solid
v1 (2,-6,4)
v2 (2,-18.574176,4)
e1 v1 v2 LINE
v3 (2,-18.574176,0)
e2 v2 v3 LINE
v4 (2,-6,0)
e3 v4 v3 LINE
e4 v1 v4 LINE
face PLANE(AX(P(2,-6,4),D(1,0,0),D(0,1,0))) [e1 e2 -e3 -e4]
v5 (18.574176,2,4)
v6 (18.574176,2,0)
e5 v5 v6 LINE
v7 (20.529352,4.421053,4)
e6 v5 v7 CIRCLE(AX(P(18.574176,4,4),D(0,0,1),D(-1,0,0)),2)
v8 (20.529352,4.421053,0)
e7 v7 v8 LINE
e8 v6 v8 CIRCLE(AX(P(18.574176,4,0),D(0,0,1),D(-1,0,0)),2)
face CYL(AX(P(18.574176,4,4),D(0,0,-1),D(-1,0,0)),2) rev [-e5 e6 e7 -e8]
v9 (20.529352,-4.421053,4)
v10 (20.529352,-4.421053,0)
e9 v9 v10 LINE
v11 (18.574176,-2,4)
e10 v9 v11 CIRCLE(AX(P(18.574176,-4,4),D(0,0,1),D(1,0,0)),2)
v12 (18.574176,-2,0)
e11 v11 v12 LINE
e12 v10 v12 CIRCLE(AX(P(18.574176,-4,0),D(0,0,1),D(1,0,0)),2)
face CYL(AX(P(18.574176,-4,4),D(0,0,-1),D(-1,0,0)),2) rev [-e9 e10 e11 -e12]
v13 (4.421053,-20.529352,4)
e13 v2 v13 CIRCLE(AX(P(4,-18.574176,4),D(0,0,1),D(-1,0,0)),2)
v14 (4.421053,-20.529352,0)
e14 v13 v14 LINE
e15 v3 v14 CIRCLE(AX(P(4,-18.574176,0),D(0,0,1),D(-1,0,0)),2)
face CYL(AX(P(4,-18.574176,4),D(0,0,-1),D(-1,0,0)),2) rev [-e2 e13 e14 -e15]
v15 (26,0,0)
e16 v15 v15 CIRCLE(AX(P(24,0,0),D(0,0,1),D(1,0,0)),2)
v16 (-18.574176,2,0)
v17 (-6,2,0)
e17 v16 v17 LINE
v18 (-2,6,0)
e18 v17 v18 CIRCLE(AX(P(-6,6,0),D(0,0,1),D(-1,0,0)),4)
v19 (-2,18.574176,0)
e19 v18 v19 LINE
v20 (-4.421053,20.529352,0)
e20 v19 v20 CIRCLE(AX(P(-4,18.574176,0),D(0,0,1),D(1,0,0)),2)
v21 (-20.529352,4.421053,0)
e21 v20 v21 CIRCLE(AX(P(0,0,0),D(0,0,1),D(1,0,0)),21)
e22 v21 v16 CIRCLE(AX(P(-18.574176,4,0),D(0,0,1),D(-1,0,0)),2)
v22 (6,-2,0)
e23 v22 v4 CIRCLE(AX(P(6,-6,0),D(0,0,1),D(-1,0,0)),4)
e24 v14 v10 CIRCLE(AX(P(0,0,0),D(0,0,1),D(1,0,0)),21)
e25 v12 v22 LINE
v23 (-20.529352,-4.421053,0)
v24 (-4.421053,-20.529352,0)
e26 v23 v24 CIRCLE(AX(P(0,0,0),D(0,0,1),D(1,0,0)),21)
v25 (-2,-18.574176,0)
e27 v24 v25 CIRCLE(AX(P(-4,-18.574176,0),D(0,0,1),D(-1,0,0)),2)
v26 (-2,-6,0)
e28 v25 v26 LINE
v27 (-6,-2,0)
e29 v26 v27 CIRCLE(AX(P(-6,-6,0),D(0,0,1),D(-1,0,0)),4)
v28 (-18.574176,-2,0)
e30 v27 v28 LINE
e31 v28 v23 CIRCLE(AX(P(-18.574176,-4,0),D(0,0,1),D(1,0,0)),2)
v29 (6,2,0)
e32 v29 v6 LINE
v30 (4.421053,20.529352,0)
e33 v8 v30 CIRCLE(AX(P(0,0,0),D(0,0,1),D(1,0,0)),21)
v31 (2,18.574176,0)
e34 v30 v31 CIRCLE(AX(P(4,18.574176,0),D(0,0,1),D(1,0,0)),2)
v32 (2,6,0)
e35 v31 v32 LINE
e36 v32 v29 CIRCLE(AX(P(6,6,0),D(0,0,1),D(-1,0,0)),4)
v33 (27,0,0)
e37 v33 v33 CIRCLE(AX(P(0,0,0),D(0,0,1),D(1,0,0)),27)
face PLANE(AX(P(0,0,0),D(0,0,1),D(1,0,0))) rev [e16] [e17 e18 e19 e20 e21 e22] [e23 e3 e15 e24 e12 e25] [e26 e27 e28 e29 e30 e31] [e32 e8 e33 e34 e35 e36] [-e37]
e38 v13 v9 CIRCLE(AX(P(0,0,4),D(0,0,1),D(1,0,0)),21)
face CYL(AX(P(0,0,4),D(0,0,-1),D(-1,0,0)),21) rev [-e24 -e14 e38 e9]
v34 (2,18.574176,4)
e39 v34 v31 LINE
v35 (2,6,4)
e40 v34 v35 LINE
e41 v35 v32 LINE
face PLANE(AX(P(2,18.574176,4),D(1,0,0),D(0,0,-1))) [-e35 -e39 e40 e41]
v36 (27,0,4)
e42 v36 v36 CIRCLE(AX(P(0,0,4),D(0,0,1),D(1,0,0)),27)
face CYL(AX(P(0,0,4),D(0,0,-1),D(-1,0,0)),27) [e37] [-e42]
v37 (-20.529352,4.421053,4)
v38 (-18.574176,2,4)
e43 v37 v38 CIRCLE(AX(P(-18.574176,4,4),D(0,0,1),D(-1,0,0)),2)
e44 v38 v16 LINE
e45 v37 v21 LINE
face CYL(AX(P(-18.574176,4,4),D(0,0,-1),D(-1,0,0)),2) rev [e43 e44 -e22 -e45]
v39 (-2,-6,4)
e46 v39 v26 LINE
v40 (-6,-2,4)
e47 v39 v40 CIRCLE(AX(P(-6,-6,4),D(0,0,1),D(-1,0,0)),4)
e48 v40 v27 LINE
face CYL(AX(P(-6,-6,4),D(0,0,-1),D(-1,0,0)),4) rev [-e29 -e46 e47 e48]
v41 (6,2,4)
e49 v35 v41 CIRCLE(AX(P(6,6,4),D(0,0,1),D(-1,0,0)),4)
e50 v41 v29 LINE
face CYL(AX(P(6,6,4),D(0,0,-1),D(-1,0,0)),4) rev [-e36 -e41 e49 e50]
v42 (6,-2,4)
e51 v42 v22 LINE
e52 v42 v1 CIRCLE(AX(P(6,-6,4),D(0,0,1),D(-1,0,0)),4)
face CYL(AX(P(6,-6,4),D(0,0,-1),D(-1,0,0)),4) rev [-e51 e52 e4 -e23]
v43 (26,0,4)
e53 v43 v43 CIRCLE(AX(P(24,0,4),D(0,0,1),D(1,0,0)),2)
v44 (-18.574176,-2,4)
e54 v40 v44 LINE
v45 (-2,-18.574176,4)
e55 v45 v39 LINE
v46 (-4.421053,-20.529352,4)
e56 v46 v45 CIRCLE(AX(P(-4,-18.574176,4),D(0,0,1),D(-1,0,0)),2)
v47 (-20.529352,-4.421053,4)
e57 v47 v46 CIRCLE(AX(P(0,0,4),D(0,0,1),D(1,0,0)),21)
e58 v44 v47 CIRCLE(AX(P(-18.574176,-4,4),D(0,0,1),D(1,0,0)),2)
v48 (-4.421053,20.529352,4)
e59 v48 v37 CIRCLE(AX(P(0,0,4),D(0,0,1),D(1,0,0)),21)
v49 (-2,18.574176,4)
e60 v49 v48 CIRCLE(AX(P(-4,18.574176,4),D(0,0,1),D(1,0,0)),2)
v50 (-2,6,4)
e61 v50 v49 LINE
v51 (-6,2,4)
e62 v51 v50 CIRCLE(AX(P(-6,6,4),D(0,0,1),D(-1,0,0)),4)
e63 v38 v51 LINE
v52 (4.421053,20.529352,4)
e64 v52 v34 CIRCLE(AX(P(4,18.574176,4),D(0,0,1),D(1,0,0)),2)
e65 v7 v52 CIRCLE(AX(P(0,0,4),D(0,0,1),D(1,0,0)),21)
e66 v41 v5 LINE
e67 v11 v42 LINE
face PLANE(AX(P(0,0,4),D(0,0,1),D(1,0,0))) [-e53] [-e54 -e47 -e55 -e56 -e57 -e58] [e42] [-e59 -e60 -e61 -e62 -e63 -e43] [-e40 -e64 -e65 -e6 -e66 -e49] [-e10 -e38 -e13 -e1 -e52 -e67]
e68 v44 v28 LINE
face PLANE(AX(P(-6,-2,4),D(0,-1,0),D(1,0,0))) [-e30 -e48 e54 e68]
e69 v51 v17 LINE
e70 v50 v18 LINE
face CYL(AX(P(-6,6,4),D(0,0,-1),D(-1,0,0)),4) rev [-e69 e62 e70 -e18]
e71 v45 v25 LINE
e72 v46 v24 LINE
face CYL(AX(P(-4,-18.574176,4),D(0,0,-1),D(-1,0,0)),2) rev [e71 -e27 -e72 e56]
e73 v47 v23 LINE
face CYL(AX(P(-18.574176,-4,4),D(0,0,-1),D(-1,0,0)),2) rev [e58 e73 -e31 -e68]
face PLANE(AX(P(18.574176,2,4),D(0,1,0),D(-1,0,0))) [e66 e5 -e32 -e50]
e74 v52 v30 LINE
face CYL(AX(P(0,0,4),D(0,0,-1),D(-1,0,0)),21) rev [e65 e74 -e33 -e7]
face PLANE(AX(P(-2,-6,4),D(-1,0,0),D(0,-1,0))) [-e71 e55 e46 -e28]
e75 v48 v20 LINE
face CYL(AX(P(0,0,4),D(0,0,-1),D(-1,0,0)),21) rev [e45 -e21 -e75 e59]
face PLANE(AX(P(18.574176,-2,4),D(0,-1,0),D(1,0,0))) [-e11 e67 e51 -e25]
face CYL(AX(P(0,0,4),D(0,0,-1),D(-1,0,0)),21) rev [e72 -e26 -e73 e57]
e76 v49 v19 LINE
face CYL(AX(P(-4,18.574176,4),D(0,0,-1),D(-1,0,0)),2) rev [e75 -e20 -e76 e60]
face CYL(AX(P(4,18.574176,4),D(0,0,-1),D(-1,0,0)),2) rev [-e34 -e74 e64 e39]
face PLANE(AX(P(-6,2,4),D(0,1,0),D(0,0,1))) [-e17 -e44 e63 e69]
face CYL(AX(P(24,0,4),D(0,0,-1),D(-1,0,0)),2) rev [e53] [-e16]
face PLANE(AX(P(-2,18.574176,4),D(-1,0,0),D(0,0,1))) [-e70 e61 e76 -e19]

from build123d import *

# Parameters (mm, degrees)
SKETCH2_R           = 27
SKETCH2_R_2         = 2
BOSS_EXTRUDE1_DEPTH = 4


with BuildPart() as part:
    # Sketch2 → Boss-Extrude1 (new body)
    with BuildSketch(Plane.XY):
        Circle(SKETCH2_R)
        with Locations((24, 0)):
            Circle(SKETCH2_R_2, mode=Mode.SUBTRACT)
        with BuildLine():
            Line((-2, 18.574175621), (-2, 6))
            ThreePointArc((-2, 6), (-3.171572875, 3.171572875), (-6, 2))
            Line((-6, 2), (-18.574175621, 2))
            ThreePointArc((-18.574175621, 2), (-20.130148831, 2.743438275), (-20.529352002, 4.421052632))
            ThreePointArc((-20.529352002, 4.421052632), (-14.849242405, 14.849242405), (-4.421052632, 20.529352002))
            ThreePointArc((-4.421052632, 20.529352002), (-2.743438275, 20.130148831), (-2, 18.574175621))
        make_face(mode=Mode.SUBTRACT)
        with BuildLine():
            Line((18.574175621, 2), (6, 2))
            ThreePointArc((6, 2), (3.171572875, 3.171572875), (2, 6))
            Line((2, 6), (2, 18.574175621))
            ThreePointArc((2, 18.574175621), (2.743438275, 20.130148831), (4.421052632, 20.529352002))
            ThreePointArc((4.421052632, 20.529352002), (14.849242405, 14.849242405), (20.529352002, 4.421052632))
            ThreePointArc((20.529352002, 4.421052632), (20.130148831, 2.743438275), (18.574175621, 2))
        make_face(mode=Mode.SUBTRACT)
        with BuildLine():
            Line((18.574175621, -2), (6, -2))
            ThreePointArc((6, -2), (3.171572875, -3.171572875), (2, -6))
            Line((2, -6), (2, -18.574175621))
            ThreePointArc((2, -18.574175621), (2.743438275, -20.130148831), (4.421052632, -20.529352002))
            ThreePointArc((4.421052632, -20.529352002), (14.849242405, -14.849242405), (20.529352002, -4.421052632))
            ThreePointArc((20.529352002, -4.421052632), (20.130148831, -2.743438275), (18.574175621, -2))
        make_face(mode=Mode.SUBTRACT)
        with BuildLine():
            Line((-6, -2), (-18.574175621, -2))
            ThreePointArc((-18.574175621, -2), (-20.130148831, -2.743438275), (-20.529352002, -4.421052632))
            ThreePointArc((-20.529352002, -4.421052632), (-14.849242405, -14.849242405), (-4.421052632, -20.529352002))
            ThreePointArc((-4.421052632, -20.529352002), (-2.743438275, -20.130148831), (-2, -18.574175621))
            Line((-2, -18.574175621), (-2, -6))
            ThreePointArc((-2, -6), (-3.171572875, -3.171572875), (-6, -2))
        make_face(mode=Mode.SUBTRACT)
    extrude(amount=BOSS_EXTRUDE1_DEPTH)


solid = part.part
